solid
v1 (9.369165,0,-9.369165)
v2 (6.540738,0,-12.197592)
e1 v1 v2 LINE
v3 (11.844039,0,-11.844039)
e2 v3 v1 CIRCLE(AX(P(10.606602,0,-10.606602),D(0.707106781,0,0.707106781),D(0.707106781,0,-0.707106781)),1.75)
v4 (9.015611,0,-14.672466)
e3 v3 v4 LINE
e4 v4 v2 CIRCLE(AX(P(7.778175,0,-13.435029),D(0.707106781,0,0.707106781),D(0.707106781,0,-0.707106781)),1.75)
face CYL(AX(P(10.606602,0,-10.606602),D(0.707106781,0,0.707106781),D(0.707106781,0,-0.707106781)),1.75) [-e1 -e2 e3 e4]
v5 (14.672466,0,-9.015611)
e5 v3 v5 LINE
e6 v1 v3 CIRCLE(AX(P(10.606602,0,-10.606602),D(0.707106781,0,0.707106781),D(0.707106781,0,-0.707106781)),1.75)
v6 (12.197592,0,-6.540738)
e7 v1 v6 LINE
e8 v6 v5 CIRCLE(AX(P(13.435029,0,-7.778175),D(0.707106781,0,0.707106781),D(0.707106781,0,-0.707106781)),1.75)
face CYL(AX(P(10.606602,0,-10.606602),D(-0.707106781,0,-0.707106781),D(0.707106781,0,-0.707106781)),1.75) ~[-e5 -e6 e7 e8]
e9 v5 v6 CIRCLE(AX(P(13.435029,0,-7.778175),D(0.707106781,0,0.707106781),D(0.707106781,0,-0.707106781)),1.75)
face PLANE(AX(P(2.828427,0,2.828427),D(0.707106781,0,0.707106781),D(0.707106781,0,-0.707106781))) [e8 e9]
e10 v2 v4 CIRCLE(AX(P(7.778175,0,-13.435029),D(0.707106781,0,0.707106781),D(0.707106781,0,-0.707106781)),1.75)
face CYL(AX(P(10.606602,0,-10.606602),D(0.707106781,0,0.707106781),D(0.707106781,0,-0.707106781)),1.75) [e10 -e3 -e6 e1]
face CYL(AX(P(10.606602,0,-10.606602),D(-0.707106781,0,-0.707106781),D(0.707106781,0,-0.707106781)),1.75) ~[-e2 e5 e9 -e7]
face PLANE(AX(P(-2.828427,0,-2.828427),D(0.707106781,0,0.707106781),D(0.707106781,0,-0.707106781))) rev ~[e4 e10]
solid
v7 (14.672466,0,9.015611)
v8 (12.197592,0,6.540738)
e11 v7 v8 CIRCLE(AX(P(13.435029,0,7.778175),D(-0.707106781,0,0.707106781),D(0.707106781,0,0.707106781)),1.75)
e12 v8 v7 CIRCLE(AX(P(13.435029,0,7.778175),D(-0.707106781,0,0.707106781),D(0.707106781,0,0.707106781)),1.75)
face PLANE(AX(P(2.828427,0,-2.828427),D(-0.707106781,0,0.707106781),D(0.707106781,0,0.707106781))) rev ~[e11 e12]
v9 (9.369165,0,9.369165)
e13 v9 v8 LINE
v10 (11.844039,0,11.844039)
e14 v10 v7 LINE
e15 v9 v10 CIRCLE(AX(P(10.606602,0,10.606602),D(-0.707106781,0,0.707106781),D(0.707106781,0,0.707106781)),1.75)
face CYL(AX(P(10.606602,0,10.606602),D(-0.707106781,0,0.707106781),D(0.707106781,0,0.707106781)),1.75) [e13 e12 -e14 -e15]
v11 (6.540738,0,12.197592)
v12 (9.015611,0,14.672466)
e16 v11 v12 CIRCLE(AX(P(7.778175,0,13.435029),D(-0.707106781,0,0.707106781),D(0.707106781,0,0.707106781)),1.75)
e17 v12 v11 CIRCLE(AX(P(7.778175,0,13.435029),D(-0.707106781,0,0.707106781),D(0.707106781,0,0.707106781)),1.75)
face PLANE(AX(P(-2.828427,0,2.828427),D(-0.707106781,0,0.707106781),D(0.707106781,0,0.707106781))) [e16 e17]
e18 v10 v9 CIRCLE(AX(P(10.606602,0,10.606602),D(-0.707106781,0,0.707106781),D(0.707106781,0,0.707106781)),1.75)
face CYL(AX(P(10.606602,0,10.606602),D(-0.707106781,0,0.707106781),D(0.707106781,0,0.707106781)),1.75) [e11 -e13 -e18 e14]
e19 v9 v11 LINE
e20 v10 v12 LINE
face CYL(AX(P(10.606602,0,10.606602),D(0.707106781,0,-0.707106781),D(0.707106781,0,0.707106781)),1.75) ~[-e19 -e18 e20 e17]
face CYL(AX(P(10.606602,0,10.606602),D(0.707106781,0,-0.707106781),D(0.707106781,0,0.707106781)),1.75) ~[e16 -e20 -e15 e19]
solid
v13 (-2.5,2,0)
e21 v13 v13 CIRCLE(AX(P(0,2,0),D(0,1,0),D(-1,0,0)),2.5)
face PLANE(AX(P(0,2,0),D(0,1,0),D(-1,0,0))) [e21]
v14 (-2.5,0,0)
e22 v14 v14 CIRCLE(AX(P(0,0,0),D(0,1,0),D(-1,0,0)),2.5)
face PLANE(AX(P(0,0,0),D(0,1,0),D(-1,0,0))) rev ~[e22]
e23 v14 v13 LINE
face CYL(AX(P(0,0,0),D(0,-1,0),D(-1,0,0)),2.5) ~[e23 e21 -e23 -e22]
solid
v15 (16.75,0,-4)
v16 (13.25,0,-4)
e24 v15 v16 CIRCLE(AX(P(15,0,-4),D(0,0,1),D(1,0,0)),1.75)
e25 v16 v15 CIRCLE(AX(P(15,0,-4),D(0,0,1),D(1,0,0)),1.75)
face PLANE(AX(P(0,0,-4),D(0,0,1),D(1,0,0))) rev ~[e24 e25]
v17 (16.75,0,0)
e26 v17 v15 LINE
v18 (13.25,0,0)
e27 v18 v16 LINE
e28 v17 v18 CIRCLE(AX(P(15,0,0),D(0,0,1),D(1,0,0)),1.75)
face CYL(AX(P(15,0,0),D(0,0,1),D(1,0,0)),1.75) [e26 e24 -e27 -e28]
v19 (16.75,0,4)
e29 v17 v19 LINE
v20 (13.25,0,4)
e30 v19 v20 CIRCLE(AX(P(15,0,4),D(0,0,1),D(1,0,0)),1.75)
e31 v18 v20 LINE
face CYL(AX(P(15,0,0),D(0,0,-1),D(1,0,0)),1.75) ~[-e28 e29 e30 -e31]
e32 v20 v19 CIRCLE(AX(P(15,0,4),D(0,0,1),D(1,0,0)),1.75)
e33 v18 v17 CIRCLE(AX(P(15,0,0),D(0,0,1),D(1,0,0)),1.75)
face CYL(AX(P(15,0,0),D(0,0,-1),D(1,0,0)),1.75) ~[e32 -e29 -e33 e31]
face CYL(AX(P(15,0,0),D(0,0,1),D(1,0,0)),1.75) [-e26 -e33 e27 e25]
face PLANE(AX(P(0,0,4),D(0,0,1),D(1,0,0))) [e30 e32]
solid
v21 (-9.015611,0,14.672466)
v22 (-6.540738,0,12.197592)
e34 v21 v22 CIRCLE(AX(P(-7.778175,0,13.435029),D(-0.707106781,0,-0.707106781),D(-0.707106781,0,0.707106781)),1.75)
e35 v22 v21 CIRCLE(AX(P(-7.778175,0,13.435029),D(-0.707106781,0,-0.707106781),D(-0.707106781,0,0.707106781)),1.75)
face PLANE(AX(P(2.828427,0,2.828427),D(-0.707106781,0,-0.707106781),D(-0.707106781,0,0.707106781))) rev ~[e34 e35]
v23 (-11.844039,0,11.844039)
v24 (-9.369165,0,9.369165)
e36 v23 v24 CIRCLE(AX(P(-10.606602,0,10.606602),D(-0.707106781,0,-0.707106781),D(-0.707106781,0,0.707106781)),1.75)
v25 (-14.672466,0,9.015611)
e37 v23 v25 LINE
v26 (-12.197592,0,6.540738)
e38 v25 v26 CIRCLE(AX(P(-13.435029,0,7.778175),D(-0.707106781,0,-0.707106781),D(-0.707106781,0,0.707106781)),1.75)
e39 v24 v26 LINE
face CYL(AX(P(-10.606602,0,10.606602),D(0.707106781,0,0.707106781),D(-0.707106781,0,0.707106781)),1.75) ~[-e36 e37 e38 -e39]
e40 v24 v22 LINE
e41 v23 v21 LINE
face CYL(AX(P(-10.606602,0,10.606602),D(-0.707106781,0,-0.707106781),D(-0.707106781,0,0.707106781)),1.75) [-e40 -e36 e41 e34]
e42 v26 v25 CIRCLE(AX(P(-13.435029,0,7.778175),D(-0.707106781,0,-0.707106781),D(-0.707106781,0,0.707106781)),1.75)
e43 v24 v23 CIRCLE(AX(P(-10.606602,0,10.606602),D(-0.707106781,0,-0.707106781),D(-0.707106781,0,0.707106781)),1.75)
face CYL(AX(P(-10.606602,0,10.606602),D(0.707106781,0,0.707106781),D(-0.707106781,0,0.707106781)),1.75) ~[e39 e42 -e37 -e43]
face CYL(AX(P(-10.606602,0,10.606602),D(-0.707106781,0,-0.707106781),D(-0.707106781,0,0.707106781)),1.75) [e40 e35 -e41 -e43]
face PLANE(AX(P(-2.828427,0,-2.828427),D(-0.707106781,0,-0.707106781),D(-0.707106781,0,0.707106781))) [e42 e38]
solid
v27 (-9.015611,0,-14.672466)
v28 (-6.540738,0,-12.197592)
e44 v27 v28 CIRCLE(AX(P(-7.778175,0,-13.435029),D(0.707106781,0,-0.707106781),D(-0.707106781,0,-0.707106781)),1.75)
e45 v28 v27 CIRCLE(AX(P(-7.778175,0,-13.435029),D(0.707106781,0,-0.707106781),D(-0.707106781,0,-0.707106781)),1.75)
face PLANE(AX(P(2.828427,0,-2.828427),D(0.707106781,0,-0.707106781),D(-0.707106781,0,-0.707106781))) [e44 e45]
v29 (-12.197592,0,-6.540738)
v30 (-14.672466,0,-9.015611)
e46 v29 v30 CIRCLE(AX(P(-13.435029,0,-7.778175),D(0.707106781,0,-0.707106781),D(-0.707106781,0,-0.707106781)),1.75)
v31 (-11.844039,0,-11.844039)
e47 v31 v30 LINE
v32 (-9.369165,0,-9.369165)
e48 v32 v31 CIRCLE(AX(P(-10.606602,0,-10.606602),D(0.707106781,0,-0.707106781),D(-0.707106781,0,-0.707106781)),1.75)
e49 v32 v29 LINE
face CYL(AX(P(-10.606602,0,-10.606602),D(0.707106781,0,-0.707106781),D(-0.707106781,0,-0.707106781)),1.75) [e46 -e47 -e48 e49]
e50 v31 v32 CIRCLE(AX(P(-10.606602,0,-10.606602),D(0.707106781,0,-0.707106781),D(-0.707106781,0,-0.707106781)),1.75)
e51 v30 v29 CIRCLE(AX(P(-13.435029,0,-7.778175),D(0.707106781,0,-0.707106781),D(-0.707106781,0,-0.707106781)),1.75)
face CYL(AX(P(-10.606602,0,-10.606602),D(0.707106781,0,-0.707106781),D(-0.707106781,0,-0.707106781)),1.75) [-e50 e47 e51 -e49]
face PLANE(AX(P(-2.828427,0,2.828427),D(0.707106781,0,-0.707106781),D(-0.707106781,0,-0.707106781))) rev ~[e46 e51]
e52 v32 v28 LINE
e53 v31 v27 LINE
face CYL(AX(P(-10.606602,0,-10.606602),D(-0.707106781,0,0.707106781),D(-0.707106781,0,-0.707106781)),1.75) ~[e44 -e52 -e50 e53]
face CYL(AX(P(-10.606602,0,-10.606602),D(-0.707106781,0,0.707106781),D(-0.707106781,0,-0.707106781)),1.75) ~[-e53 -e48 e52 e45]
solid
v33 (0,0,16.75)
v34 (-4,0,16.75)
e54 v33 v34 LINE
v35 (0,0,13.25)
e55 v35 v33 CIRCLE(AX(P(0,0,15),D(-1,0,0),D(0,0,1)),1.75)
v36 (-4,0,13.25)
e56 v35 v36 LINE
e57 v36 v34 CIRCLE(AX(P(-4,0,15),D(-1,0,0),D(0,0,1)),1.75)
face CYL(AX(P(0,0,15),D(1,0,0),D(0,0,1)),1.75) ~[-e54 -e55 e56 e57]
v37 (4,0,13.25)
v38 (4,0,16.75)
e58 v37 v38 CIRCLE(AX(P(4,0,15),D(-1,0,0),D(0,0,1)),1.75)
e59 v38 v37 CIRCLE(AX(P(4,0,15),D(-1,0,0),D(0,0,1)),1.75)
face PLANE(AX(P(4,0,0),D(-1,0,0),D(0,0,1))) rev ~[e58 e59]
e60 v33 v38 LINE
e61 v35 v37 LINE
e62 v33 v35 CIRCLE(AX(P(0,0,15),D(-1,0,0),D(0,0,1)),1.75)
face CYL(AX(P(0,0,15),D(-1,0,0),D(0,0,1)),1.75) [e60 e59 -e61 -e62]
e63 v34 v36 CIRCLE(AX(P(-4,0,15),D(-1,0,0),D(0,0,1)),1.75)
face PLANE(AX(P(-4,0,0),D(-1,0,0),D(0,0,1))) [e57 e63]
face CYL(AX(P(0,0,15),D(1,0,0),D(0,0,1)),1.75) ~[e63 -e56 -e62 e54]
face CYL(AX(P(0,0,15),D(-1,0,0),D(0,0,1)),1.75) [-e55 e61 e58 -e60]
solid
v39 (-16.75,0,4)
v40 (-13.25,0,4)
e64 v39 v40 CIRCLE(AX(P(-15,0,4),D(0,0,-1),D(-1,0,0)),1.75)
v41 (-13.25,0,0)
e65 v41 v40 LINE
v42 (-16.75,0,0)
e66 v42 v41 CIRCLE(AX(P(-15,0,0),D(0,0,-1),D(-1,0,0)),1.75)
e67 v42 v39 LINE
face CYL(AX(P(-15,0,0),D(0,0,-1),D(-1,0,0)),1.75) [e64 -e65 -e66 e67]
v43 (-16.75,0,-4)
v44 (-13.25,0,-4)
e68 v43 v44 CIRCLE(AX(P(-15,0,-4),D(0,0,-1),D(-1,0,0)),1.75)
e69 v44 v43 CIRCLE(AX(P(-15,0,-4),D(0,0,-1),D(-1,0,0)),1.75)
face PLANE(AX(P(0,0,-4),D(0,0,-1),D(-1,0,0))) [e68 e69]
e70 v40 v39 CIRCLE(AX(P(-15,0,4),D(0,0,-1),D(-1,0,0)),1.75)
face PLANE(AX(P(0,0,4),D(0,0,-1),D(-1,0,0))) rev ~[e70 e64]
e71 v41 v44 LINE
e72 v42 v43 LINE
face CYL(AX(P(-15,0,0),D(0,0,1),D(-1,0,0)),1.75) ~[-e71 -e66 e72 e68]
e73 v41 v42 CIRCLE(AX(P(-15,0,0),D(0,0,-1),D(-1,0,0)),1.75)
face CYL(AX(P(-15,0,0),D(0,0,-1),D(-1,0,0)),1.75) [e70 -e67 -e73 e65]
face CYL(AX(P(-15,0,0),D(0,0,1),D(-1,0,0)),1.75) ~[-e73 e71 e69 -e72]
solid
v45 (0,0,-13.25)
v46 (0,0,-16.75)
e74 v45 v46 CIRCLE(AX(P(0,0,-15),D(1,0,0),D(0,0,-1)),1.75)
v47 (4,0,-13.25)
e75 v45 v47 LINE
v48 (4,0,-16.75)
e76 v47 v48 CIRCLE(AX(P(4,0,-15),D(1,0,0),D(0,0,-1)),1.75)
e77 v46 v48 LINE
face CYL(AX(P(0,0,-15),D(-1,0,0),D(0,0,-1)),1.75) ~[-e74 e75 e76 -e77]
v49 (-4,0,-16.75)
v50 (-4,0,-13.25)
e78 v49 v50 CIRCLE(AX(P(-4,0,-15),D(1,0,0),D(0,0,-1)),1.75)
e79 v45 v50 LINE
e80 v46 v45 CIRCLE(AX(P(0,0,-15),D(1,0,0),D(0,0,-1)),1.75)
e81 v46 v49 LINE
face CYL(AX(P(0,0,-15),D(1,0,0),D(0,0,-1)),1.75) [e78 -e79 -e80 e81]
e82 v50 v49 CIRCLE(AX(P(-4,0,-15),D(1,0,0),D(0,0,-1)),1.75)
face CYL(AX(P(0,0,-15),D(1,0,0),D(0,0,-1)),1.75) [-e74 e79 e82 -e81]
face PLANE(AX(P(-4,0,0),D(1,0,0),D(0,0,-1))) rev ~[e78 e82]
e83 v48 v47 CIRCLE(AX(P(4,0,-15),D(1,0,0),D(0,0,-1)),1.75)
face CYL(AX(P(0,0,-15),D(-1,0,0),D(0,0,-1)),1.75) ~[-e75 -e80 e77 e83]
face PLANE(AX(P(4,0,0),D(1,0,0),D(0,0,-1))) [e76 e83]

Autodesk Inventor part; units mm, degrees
ref_plane "YZ Plane" through (0, 0, 0) normal (1, 0, 0) x (0, 1, 0)
ref_plane "XZ Plane" through (0, 0, 0) normal (0, 1, 0) x (-1, 0, 0)
ref_plane "XY Plane" through (0, 0, 0) normal (0, 0, 1) x (1, 0, 0)
sketch "Sketch4" plane through (0, 0, 0) normal (0, 0, 1) x (1, 0, 0)
  line L0 (0, 0) -> (15, 0)
  circle A0 centre (15, 0) radius 1.75
  dimension "d3" = 15
  dimension "d4" = 3.5
extrude "Extrusion1" add sketch "Sketch4" along normal mid plane 8
sketch "Sketch5" plane through (0, 0, 0) normal (0, 1, 0) x (-1, 0, 0)
  circle A0 centre (0, 0) radius 2.5
  dimension "d7" = 5
extrude "Extrusion2" add sketch "Sketch5" along normal blind 2
pattern_circular "Circular Pattern1" count 8 over 360 about axis through (0, 0, 0) along (0, 1, 0) of "Extrusion1"
properties part number "Ring"
